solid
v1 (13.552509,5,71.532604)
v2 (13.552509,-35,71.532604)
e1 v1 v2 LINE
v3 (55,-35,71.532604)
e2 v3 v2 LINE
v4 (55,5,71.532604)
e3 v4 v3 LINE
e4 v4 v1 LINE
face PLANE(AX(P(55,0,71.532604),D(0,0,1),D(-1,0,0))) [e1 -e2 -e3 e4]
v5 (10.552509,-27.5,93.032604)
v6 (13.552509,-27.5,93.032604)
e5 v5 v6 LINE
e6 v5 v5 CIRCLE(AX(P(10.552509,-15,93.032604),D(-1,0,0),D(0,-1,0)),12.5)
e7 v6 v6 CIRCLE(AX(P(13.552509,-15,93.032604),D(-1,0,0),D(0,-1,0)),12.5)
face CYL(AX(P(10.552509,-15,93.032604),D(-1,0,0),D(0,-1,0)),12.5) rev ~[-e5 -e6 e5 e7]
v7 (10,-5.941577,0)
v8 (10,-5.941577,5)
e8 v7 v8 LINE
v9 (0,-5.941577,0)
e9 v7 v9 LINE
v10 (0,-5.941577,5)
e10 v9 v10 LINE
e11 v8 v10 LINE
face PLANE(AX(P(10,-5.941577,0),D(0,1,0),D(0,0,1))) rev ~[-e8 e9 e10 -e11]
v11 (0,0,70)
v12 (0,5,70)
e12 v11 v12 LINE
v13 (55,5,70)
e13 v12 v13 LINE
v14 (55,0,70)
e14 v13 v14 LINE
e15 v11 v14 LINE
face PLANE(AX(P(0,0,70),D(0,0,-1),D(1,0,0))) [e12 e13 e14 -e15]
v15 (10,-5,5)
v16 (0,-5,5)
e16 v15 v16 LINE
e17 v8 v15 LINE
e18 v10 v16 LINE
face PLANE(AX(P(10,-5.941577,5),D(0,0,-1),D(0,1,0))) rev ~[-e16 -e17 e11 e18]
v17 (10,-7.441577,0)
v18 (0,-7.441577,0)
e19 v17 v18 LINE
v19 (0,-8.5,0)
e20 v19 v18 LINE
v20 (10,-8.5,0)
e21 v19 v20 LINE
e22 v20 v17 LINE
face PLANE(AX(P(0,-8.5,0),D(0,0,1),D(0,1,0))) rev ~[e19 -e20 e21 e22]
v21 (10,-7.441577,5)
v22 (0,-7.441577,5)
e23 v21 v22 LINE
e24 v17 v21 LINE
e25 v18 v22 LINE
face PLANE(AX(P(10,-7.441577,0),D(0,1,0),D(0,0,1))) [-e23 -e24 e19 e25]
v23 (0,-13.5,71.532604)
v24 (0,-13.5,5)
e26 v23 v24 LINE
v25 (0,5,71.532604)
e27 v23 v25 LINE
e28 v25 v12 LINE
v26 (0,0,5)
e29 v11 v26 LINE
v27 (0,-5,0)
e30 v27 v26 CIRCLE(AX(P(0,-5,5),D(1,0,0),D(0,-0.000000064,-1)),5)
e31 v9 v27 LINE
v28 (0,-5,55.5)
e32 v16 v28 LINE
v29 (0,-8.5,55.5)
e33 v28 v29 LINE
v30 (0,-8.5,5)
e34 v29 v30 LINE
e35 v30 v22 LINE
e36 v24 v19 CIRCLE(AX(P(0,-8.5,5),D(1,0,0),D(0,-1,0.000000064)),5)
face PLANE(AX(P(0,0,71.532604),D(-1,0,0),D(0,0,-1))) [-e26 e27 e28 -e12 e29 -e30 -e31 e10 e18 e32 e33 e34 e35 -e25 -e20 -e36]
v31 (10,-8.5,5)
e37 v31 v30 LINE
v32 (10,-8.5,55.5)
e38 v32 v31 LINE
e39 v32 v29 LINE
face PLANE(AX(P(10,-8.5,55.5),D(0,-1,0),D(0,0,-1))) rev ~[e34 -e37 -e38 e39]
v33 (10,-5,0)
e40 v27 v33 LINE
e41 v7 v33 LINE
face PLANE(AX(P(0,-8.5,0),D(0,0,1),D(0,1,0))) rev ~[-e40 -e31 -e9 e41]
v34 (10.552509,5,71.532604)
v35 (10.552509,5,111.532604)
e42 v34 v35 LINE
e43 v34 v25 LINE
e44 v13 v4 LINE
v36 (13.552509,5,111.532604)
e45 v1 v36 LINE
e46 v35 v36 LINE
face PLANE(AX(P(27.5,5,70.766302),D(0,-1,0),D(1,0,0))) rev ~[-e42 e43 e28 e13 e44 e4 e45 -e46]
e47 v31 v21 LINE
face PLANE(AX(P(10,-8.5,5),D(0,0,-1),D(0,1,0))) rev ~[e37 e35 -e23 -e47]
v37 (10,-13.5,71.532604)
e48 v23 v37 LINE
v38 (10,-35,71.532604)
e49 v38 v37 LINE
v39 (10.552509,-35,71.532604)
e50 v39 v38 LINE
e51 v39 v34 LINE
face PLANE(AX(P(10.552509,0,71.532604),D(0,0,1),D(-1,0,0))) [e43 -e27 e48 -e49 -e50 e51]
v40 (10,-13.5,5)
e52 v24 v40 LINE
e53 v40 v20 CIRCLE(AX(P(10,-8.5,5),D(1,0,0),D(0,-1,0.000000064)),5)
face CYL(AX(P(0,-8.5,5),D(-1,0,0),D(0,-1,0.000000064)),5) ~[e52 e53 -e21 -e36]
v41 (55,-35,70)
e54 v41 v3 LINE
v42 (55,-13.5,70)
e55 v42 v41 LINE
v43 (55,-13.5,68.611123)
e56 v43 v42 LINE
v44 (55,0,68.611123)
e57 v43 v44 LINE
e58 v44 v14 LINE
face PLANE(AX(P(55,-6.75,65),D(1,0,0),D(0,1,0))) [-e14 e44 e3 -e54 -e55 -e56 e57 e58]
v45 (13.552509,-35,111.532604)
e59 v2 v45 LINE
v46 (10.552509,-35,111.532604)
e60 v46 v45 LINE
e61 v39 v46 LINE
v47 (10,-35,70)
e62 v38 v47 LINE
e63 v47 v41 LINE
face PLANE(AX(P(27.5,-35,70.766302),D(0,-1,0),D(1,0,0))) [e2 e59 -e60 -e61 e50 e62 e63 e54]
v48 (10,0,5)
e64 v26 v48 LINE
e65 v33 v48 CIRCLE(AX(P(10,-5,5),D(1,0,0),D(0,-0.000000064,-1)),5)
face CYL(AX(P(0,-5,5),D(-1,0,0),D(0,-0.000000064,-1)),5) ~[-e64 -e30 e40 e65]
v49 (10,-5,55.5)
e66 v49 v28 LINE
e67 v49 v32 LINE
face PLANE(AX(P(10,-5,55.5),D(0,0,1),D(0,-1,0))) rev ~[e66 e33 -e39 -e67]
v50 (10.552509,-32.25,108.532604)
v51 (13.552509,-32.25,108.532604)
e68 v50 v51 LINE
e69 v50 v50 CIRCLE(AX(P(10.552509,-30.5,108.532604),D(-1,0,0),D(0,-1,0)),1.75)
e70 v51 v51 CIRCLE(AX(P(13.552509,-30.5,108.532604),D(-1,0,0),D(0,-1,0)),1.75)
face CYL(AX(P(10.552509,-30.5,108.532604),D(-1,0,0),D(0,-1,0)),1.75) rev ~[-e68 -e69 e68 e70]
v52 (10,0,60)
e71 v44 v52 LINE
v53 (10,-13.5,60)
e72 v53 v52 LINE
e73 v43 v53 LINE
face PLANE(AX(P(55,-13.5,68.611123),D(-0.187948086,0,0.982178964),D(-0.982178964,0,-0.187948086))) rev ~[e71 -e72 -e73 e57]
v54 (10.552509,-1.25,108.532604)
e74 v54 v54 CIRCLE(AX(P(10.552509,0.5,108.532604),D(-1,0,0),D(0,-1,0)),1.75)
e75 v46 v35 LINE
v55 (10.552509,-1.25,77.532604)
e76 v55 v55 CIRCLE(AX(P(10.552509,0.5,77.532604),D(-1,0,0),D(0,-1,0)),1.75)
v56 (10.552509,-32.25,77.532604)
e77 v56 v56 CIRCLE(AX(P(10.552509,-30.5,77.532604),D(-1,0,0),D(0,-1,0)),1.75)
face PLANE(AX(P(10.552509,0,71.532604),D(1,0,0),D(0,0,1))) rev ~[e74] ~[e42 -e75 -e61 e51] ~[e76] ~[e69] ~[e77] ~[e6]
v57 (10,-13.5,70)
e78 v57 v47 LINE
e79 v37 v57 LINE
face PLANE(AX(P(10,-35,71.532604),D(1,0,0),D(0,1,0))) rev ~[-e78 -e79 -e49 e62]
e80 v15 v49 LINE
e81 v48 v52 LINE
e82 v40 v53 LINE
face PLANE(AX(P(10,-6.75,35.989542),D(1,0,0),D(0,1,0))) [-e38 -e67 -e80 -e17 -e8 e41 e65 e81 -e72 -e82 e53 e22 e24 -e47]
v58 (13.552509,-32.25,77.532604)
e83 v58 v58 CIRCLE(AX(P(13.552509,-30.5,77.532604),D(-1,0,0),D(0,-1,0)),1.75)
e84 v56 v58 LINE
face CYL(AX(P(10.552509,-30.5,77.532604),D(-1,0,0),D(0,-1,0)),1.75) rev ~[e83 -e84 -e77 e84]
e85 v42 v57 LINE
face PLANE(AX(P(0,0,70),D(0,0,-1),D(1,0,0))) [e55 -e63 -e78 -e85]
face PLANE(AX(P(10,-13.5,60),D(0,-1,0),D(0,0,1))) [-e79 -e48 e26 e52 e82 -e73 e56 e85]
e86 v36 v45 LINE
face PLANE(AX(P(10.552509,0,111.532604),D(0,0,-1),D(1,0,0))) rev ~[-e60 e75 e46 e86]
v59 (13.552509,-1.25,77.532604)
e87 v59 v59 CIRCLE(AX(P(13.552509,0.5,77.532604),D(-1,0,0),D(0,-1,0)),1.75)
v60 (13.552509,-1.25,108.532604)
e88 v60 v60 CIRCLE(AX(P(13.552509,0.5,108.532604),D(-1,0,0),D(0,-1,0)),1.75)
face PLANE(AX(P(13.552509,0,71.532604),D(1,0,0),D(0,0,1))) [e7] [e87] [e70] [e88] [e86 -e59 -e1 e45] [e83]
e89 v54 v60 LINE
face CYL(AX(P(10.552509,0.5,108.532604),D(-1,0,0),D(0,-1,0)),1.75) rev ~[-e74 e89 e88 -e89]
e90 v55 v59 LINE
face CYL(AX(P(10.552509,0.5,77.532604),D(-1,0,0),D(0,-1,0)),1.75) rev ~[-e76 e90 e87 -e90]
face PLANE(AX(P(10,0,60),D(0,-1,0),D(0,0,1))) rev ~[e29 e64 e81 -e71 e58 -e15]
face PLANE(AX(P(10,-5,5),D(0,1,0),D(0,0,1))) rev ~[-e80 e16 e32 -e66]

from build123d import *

# Parameters (mm, degrees)
F1_DEPTH      = 10
F2_W          = 1.5
F2_H          = 5
F3_DEPTH      = 11
F4_W          = 3
F4_H          = 40
F5_DEPTH      = 35
F5_DEPTH_BACK = 5
F6_W          = 13.5
F6_H          = 10
F7_DEPTH      = 45
F9_DEPTH      = 15
F10_R         = 1.75
F10_R_2       = 12.5
F11_DEPTH     = 25
F12_W         = 10
F12_H         = 21.5
F13_DEPTH     = 25


with BuildPart() as f1:
    # F0 (on Right) → F1 (new body)
    with BuildSketch(Plane.YZ):
        with BuildLine():
            Line((-8.5, 0), (-5, 0))
            ThreePointArc((-5, 0), (-1.464466, 1.464466), (0, 5))
            Line((0, 5), (0, 70))
            Line((0, 70), (-13.5, 70))
            Line((-13.5, 70), (-13.5, 5))
            ThreePointArc((-13.5, 5), (-12.035534, 1.464466), (-8.5, 0))
        make_face()
    extrude(amount=F1_DEPTH)

    # F2 (on face) → F3 (cut)
    with BuildSketch(Plane.YZ.offset(10)):
        Polygon((-5, 55.5), (-8.5, 55.5), (-8.5, 5), (-7.441577, 5), (-5.941577, 5), (-5, 5), align=None)
        with Locations((-6.691577, 2.5)):
            Rectangle(F2_W, F2_H)
    extrude(amount=-F3_DEPTH, mode=Mode.SUBTRACT)

    # F4 (on Front) → F5 (join, two sides)
    with BuildSketch(Plane.XZ) as f5_sk:
        Polygon((10.552509, 71.532604), (0, 71.532604), (0, 70), (55, 70), (55, 71.532604), (13.552509, 71.532604), align=None)
        with Locations((12.052509, 91.532604)):
            Rectangle(F4_W, F4_H)
    extrude(amount=F5_DEPTH)
    extrude(f5_sk.sketch, amount=-F5_DEPTH_BACK)

    # F6 (on face) → F7 (join, through all)
    with BuildSketch(Plane.YZ.offset(10)):
        with Locations((-6.75, 65)):
            Rectangle(F6_W, F6_H)
    extrude(amount=F7_DEPTH)

    # F8 (on face) → F9 (cut)
    with BuildSketch(Plane.XZ.offset(13.5)):
        Polygon((55, 68.611123), (10, 60), (55, 60), align=None)
    extrude(amount=-F9_DEPTH, mode=Mode.SUBTRACT)

    # F10 (on face) → F11 (cut)
    with BuildSketch(Plane(origin=(10.552509, 0, 0), x_dir=(0, -1, 0), z_dir=(-1, 0, 0))):
        with Locations((-0.5, 108.532604)):
            Circle(F10_R)
        with Locations((30.5, 108.532604)):
            Circle(F10_R)
        with Locations((30.5, 77.532604)):
            Circle(F10_R)
        with Locations((-0.5, 77.532604)):
            Circle(F10_R)
        with Locations((15, 93.032604)):
            Circle(F10_R_2)
    extrude(amount=-F11_DEPTH, mode=Mode.SUBTRACT)

    # F12 (on face) → F13 (cut)
    with BuildSketch(Plane.XY.offset(71.532604)):
        with Locations((5, -24.25)):
            Rectangle(F12_W, F12_H)
    extrude(amount=-F13_DEPTH, mode=Mode.SUBTRACT)


solid = f1.part
